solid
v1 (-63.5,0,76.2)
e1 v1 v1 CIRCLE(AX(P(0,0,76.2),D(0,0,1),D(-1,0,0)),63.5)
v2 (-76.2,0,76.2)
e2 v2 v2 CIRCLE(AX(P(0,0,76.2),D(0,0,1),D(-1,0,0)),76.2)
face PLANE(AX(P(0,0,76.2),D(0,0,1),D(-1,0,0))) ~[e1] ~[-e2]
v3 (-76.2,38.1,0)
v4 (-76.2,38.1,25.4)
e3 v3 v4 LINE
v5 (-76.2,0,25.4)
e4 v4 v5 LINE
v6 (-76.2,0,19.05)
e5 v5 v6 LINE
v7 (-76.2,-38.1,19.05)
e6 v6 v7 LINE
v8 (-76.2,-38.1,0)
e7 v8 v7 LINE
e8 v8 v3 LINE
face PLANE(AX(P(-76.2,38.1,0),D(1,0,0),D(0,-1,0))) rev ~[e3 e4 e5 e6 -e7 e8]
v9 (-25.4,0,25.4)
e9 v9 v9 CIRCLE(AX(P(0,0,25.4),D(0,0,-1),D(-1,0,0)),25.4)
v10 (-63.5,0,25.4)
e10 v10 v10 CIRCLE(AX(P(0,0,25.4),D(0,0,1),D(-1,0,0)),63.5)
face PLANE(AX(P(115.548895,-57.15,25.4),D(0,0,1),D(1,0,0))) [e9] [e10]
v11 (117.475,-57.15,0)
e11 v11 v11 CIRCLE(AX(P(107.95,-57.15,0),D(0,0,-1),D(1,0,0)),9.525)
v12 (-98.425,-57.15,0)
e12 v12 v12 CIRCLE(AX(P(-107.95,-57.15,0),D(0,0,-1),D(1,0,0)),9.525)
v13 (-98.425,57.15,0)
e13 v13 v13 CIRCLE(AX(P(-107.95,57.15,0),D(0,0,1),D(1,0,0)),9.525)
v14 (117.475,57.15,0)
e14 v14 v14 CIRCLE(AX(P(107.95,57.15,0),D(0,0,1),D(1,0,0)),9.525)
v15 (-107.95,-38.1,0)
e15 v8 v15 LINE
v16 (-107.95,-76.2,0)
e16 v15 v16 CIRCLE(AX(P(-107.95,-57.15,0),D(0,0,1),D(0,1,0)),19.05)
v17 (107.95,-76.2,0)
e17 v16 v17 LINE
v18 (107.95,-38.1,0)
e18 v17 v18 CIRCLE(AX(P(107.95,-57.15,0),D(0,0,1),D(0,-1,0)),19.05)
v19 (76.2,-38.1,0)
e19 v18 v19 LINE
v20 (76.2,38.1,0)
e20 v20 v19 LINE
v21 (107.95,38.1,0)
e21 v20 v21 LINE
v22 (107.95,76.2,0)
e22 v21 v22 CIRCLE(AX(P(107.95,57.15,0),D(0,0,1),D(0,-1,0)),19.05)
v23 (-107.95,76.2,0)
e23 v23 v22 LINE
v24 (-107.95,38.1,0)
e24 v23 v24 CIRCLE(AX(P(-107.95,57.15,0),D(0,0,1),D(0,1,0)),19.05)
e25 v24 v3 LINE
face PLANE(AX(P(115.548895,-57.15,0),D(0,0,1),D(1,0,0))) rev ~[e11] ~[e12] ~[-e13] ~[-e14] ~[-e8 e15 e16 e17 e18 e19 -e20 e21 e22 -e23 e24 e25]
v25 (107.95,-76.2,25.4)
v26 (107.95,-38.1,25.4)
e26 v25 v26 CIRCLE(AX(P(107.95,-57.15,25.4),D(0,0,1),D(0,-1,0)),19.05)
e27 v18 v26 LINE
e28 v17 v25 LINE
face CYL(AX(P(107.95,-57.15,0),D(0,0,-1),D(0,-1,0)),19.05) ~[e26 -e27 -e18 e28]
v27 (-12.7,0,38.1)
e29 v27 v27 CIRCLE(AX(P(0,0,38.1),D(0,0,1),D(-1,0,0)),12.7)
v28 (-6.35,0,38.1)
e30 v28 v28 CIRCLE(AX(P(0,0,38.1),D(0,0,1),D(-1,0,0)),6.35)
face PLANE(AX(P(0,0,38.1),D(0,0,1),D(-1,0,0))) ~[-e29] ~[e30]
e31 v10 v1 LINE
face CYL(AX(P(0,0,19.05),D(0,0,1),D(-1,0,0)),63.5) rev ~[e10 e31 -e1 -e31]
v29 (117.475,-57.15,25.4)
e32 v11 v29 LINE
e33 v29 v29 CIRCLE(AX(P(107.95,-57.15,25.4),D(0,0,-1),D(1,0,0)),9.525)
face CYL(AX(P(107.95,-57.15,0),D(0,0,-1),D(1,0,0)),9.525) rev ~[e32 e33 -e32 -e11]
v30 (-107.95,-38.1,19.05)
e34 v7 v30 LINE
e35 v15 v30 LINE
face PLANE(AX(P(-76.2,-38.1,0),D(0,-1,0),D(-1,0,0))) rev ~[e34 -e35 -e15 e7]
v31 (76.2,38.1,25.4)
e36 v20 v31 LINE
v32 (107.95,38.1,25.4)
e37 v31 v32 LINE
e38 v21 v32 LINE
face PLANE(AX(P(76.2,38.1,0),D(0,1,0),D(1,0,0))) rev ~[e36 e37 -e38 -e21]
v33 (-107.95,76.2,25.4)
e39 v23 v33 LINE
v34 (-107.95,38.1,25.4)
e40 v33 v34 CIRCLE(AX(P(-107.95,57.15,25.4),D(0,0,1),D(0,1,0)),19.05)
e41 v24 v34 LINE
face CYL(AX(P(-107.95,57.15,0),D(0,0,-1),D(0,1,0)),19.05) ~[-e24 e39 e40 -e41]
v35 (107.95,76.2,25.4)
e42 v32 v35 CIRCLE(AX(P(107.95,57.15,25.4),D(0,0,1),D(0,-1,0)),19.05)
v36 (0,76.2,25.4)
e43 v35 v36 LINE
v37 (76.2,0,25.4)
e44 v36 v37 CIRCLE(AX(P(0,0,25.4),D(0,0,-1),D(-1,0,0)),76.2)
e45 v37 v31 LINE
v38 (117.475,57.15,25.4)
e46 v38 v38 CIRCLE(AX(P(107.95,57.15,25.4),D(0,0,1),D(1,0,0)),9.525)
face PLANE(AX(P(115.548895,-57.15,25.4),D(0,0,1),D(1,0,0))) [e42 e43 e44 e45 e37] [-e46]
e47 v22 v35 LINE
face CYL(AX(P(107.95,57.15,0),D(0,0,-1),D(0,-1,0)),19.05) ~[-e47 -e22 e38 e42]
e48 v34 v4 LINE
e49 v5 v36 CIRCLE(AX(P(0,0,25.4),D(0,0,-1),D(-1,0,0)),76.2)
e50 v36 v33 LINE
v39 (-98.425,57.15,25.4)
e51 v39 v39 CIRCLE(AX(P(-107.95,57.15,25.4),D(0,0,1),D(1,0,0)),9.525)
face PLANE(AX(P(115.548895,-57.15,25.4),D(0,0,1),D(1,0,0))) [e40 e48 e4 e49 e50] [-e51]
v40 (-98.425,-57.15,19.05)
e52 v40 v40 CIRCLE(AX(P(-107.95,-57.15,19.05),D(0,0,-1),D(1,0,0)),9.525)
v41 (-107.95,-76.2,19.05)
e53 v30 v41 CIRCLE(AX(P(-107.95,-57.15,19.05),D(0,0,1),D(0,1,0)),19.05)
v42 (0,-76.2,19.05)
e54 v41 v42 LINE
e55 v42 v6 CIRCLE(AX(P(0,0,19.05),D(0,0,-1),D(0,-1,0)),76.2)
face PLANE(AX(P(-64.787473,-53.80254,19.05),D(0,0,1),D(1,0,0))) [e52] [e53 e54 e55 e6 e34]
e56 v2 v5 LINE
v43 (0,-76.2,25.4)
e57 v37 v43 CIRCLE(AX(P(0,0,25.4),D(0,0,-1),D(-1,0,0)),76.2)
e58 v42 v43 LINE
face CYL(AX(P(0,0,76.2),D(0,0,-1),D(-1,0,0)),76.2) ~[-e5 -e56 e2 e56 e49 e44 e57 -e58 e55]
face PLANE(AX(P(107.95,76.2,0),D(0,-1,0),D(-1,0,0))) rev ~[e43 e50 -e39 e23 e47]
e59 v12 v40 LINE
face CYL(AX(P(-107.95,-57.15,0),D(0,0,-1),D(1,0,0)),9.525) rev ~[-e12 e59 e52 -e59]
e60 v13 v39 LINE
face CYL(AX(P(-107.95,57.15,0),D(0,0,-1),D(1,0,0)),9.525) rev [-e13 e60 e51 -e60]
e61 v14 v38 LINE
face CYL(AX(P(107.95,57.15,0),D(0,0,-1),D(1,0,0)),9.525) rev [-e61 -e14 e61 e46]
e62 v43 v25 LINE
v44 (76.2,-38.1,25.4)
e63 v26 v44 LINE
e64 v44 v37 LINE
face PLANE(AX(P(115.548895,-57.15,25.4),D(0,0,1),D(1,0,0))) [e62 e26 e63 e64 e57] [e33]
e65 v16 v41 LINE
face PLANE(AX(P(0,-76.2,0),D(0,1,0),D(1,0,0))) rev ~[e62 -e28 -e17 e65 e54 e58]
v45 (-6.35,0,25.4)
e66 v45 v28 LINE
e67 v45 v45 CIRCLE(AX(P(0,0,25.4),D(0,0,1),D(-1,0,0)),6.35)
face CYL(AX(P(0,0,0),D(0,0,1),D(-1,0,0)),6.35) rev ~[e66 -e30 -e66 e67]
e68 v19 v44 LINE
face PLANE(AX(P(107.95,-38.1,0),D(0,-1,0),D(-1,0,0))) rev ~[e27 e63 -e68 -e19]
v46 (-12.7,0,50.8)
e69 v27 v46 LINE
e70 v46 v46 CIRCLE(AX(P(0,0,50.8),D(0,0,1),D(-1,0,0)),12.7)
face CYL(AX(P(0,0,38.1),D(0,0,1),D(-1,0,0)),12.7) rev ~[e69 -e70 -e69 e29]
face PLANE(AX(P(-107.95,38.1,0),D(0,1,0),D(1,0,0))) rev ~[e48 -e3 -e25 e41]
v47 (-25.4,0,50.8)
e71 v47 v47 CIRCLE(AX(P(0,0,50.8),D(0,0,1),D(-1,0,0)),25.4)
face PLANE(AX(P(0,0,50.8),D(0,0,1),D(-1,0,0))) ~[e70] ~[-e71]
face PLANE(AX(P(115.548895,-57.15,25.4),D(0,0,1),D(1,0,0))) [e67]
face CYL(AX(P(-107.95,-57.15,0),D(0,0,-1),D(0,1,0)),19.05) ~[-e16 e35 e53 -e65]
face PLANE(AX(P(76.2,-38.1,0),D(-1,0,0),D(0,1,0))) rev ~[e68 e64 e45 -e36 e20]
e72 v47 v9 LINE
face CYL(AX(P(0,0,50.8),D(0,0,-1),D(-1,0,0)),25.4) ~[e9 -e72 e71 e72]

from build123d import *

# Parameters (mm, degrees)
F3_DEPTH = 19.05
F2_R     = 9.525
F4_DEPTH = 25.4


with BuildPart() as f1:
    # F0 (on Front) → F1 (revolve)
    with BuildSketch(Plane.XZ):
        Polygon((-76.2, 0), (-6.35, 0), (-6.35, 38.1), (-12.7, 38.1), (-12.7, 50.8), (-25.4, 50.8), (-25.4, 19.05), (-63.5, 19.05), (-63.5, 76.2), (-76.2, 76.2), align=None)
    revolve(axis=Axis((0, 0, 38.1), (0, 0, 1)))

    # F2 (on Top) → F3 (join)
    with BuildSketch(Plane.XY):
        with BuildLine():
            Line((-107.95, -76.2), (0, -76.2))
            ThreePointArc((0, -76.2), (-53.8815367264, -53.8815367264), (-76.2, 0))
            Line((-76.2, 0), (-76.2, -38.1))
            Line((-76.2, -38.1), (-107.95, -38.1))
            Line((-107.95, -38.1), (-107.95, -47.625))
            ThreePointArc((-107.95, -47.625), (-101.2148079092, -50.4148079092), (-98.425, -57.15))
            ThreePointArc((-98.425, -57.15), (-101.2148079092, -63.8851920908), (-107.95, -66.675))
            Line((-107.95, -66.675), (-107.95, -76.2))
        make_face()
        with BuildLine():
            ThreePointArc((-107.95, -38.1), (-127, -57.15), (-107.95, -76.2))
            Line((-107.95, -76.2), (-107.95, -66.675))
            ThreePointArc((-107.95, -66.675), (-117.475, -57.15), (-107.95, -47.625))
            Line((-107.95, -47.625), (-107.95, -38.1))
        make_face()
    extrude(amount=F3_DEPTH)

    # F2 (on Top) → F4 (join)
    with BuildSketch(Plane.XY):
        with BuildLine():
            Line((107.95, -66.675), (107.95, -76.2))
            ThreePointArc((107.95, -76.2), (127, -57.15), (107.95, -38.1))
            Line((107.95, -38.1), (107.95, -47.625))
            ThreePointArc((107.95, -47.625), (114.6851920908, -50.4148079092), (117.475, -57.15))
            ThreePointArc((117.475, -57.15), (114.6851920908, -63.8851920908), (107.95, -66.675))
        make_face()
        with BuildLine():
            ThreePointArc((-76.2, 0), (-53.8815367264, -53.8815367264), (0, -76.2))
            Line((0, -76.2), (107.95, -76.2))
            Line((107.95, -76.2), (107.95, -66.675))
            ThreePointArc((107.95, -66.675), (98.425, -57.15), (107.95, -47.625))
            Line((107.95, -47.625), (107.95, -38.1))
            Line((107.95, -38.1), (76.2, -38.1))
            Line((76.2, -38.1), (76.2, 0))
            Line((76.2, 0), (76.2, 38.1))
            Line((76.2, 38.1), (107.95, 38.1))
            ThreePointArc((107.95, 38.1), (127, 57.15), (107.95, 76.2))
            Line((107.95, 76.2), (0, 76.2))
            Line((0, 76.2), (-107.95, 76.2))
            ThreePointArc((-107.95, 76.2), (-127, 57.15), (-107.95, 38.1))
            Line((-107.95, 38.1), (-76.2, 38.1))
            Line((-76.2, 38.1), (-76.2, 0))
        make_face()
        with Locations((-107.95, 57.15)):
            Circle(F2_R, mode=Mode.SUBTRACT)
        with Locations((107.95, 57.15)):
            Circle(F2_R, mode=Mode.SUBTRACT)
    extrude(amount=F4_DEPTH)


solid = f1.part
